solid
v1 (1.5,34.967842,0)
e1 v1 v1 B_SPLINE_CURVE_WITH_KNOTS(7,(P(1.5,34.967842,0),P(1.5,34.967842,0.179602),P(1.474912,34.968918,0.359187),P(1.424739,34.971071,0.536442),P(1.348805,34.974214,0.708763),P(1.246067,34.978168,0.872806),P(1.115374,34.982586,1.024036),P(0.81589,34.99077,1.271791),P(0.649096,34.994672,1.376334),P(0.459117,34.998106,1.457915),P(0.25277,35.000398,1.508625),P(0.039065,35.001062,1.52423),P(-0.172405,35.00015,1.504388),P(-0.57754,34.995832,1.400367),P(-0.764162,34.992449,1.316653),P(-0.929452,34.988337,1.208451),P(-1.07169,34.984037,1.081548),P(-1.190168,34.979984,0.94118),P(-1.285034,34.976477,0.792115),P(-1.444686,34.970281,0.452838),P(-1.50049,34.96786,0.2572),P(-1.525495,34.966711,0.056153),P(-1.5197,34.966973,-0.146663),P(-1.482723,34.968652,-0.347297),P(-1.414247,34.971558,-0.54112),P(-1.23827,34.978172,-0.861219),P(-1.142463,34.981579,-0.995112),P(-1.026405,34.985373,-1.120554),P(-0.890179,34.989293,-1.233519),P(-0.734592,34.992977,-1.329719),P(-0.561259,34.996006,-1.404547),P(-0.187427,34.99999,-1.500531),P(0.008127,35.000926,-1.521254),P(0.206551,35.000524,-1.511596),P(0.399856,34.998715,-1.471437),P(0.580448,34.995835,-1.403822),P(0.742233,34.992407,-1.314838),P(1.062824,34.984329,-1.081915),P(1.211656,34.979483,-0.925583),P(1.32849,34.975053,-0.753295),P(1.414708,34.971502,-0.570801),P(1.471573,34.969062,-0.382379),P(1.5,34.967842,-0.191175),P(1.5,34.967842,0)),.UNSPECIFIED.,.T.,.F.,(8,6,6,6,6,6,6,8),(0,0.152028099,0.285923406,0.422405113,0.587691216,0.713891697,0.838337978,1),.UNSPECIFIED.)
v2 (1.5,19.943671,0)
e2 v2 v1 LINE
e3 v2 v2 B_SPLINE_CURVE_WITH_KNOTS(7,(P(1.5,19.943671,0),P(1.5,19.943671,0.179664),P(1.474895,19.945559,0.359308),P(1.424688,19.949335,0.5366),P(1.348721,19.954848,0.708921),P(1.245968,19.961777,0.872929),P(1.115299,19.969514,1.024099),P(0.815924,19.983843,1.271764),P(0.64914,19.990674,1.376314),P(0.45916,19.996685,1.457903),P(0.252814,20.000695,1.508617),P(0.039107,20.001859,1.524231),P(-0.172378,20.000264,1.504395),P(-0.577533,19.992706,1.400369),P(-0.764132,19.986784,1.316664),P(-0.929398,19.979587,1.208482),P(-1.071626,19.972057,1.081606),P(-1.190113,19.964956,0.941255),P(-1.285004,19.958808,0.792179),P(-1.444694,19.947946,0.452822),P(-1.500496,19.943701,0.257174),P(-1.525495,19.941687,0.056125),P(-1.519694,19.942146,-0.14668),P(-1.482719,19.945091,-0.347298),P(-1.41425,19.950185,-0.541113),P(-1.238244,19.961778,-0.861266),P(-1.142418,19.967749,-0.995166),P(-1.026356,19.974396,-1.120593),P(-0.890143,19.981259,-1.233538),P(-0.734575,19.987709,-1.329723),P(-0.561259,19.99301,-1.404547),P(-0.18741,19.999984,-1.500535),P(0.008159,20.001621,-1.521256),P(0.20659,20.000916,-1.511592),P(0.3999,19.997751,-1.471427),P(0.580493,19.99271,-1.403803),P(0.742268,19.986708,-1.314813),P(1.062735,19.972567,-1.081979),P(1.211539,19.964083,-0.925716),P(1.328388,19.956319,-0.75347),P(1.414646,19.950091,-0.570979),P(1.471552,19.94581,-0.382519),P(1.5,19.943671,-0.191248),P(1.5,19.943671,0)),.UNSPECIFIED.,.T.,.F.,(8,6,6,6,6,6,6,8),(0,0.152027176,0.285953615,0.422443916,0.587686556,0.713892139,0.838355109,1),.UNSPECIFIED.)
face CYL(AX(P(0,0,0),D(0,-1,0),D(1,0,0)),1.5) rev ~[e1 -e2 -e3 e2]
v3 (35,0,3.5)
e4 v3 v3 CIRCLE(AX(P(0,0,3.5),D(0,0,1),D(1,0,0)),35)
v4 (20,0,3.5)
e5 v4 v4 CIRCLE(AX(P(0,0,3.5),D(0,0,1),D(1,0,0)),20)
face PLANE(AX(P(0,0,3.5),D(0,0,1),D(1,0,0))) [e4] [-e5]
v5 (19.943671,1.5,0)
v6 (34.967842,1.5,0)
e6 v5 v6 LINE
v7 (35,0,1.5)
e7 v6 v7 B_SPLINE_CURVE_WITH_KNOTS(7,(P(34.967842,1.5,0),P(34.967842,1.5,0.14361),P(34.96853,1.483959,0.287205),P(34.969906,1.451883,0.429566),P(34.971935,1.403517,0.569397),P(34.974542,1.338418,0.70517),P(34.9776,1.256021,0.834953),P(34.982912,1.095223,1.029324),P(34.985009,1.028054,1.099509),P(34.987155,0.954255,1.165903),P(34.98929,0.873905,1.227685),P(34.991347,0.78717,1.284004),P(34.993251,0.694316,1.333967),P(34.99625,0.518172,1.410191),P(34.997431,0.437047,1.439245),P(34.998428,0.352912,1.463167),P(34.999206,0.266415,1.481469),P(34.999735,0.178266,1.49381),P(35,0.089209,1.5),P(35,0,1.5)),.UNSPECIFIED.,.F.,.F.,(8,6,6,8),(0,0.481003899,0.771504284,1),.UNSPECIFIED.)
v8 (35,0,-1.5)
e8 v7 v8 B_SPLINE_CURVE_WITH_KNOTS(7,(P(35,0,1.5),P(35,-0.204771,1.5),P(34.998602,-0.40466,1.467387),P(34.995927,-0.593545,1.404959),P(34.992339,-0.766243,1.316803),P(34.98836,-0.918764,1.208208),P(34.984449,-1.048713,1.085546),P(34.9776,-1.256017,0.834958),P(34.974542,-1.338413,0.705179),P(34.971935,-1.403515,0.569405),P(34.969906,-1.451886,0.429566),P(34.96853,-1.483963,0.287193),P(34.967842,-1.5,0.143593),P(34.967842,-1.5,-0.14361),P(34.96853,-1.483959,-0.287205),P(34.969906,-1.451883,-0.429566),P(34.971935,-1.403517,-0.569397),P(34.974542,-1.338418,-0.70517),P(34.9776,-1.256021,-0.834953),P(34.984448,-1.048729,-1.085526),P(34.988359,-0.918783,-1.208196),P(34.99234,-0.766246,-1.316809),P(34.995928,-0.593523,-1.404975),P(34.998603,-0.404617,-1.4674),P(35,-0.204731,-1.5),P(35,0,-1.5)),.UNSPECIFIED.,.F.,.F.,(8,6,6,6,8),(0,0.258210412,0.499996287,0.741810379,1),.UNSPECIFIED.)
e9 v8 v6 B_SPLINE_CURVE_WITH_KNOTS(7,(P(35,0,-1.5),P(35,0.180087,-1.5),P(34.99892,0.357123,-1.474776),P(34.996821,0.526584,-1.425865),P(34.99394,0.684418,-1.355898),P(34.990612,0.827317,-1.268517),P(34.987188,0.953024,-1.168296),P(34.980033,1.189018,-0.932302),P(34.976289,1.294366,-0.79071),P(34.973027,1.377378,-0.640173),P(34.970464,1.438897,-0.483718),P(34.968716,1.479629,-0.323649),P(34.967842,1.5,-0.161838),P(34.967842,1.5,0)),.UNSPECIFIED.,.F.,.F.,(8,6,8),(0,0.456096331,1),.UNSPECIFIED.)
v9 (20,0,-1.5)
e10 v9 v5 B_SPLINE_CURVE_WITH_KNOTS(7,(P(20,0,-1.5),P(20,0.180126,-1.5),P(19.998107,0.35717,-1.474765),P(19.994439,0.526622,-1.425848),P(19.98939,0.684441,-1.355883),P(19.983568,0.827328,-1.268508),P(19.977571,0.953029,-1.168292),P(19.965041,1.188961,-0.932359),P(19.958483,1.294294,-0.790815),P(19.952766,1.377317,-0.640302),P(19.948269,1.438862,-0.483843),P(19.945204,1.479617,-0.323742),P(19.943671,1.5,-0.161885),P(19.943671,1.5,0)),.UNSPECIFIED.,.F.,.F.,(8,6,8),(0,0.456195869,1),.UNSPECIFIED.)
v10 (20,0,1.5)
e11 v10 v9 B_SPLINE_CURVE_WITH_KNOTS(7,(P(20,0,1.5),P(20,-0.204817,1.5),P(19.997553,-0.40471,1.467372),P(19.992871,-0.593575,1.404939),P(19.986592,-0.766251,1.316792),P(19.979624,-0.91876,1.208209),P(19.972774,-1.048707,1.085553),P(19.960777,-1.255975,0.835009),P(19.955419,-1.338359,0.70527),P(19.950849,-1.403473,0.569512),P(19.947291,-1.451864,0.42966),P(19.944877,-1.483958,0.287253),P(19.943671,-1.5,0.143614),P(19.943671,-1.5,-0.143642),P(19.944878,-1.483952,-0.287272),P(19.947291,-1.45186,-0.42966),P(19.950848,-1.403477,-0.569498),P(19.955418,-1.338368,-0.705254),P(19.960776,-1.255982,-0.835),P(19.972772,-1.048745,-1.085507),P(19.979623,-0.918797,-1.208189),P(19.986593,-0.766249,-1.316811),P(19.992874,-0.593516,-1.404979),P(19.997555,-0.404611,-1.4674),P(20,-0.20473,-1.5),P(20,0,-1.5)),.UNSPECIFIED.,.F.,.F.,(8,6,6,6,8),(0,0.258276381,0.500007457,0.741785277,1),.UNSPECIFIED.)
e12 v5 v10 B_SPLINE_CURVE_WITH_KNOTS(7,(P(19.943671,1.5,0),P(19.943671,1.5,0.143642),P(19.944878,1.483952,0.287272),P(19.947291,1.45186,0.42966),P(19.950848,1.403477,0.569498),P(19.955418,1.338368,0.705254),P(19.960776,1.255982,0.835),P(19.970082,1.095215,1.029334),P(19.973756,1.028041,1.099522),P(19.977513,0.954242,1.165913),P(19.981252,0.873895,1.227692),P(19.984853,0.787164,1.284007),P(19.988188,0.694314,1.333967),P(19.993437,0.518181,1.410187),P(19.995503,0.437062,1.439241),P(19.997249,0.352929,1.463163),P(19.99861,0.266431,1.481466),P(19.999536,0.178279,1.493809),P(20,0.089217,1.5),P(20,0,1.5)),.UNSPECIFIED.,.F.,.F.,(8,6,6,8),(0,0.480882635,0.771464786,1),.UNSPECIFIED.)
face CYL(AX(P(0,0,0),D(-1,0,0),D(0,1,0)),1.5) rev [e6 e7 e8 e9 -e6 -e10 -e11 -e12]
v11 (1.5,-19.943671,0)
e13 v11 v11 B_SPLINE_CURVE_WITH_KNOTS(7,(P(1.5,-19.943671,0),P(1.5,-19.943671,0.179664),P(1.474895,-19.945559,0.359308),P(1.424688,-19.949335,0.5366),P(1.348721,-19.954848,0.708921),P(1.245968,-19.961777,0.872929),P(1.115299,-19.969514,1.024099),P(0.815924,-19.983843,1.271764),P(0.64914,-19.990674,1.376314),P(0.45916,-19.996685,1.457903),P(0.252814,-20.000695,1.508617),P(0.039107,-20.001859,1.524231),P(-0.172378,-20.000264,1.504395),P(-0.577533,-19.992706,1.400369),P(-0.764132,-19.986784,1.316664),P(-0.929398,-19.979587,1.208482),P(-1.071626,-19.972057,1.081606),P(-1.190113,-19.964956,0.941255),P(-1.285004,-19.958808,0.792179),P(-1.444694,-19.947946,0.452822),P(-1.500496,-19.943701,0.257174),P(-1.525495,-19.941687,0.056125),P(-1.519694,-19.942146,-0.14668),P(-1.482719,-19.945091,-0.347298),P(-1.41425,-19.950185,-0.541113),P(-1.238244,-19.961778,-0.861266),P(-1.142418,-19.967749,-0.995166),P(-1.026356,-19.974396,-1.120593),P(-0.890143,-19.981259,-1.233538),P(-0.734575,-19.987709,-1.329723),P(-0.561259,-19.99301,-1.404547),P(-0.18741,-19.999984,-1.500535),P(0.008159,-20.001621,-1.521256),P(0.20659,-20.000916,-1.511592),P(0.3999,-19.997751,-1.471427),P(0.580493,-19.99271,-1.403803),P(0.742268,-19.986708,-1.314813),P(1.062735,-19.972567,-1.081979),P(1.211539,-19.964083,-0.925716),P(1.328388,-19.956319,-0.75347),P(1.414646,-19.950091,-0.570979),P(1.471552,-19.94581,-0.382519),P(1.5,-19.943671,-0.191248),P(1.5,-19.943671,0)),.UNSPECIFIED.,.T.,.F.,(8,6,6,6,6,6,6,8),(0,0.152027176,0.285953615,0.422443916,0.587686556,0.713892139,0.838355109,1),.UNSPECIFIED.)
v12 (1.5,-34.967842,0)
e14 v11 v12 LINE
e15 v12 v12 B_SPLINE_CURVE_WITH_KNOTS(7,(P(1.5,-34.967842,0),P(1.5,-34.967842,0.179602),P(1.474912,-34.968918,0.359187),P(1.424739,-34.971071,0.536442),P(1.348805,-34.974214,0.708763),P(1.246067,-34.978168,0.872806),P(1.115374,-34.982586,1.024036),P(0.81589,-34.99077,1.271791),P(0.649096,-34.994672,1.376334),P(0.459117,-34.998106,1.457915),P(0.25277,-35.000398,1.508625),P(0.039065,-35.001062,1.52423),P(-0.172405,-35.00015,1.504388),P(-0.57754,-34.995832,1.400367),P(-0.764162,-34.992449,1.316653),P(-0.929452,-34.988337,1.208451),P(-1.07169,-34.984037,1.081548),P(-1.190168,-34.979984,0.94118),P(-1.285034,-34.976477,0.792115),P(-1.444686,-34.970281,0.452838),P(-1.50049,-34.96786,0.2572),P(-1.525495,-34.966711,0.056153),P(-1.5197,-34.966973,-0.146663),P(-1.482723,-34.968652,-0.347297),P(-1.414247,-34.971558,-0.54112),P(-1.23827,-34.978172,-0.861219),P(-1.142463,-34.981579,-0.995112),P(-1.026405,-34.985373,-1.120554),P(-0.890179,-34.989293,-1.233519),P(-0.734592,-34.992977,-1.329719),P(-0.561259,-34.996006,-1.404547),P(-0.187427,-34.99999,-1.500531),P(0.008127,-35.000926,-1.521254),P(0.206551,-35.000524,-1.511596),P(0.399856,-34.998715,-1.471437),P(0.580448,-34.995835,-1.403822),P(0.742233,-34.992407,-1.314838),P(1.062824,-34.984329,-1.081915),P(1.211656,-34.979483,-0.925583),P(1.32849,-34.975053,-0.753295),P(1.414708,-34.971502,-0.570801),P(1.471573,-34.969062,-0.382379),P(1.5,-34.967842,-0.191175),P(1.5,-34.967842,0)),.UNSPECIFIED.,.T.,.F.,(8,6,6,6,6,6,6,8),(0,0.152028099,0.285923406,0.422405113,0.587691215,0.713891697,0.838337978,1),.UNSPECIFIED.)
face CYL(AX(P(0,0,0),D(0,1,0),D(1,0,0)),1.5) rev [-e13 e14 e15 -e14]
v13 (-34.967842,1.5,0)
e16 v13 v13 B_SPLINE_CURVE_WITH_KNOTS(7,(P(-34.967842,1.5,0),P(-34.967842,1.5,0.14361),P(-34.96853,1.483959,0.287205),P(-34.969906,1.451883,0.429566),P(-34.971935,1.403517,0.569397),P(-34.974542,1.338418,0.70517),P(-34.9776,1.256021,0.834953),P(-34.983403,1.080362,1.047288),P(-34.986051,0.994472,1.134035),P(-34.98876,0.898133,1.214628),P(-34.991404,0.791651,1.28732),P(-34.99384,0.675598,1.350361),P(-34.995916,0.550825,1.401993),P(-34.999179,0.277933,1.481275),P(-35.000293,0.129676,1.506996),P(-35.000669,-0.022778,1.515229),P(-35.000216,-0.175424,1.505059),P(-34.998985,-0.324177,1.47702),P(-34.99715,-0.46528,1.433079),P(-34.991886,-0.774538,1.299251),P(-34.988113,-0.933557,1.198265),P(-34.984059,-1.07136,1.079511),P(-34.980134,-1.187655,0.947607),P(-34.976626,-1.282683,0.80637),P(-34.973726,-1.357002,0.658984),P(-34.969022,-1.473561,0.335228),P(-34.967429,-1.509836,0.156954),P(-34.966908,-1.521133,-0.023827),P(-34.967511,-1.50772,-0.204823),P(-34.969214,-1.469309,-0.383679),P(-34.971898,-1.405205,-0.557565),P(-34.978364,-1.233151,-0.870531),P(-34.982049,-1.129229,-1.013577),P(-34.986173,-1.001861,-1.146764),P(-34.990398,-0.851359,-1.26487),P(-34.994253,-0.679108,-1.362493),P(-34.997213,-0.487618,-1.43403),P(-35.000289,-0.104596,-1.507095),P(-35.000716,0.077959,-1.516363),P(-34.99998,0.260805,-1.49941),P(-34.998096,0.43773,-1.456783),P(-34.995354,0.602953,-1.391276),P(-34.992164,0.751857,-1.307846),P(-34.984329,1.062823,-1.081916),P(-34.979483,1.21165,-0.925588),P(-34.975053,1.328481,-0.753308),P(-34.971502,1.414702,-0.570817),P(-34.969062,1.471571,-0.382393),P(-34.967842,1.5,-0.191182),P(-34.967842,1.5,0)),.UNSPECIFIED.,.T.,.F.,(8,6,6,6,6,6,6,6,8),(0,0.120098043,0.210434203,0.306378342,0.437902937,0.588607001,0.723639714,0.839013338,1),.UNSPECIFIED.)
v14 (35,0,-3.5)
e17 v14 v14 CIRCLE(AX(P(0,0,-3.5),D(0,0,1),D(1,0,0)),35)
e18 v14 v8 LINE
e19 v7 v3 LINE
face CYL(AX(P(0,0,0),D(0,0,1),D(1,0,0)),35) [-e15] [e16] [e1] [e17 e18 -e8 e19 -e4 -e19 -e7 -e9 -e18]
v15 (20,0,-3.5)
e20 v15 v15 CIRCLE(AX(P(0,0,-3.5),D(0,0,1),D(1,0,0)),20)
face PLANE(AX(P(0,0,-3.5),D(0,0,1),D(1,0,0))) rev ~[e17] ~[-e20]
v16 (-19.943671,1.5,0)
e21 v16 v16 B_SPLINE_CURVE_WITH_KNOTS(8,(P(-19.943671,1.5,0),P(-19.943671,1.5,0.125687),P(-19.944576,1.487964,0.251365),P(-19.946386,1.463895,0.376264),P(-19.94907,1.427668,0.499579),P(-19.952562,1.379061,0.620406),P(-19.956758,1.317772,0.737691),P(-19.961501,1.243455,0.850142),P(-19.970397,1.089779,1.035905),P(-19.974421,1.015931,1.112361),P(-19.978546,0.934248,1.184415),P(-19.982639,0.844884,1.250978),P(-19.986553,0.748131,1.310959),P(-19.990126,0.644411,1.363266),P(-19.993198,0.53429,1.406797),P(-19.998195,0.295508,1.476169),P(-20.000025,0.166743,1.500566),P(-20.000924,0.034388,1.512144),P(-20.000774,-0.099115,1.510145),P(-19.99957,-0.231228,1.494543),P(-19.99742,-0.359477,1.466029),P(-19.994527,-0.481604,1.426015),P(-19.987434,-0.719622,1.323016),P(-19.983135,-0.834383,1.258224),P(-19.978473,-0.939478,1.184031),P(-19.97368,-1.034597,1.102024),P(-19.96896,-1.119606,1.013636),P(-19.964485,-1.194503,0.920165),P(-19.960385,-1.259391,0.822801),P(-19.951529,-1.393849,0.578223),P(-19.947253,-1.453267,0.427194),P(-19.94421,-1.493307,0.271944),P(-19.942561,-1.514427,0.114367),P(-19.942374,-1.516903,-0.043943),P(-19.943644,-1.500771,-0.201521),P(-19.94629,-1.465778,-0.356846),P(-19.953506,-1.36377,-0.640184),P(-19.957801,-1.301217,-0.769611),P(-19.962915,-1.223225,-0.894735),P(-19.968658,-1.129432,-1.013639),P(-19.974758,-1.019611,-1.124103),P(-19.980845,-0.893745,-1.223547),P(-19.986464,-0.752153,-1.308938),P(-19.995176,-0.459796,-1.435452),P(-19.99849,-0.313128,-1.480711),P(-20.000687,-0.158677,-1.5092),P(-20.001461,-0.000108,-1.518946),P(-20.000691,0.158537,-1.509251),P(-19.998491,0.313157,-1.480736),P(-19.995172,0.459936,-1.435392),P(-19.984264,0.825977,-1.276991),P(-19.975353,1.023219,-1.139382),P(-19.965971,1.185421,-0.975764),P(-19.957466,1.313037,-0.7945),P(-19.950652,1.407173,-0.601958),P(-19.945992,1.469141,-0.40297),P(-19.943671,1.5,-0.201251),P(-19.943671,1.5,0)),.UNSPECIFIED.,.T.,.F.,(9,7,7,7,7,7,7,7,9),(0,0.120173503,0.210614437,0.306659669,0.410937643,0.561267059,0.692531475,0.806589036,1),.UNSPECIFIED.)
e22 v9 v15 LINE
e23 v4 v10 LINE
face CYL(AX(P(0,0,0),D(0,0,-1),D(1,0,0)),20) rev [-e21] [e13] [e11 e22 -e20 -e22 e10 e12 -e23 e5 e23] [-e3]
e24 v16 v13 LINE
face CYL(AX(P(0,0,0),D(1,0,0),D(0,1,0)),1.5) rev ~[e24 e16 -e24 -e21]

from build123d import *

# Parameters (mm, degrees)
F0_R          = 35
F0_R_2        = 20
F1_DEPTH      = 3.5
F2_R          = 1.5
F4_DEPTH      = 35.001
F4_DEPTH_BACK = 35.001
F3_R          = 1.5
F5_DEPTH      = 35.0010001
F5_DEPTH_BACK = 35.0010001


with BuildPart() as f1:
    # F0 (on Top) → F1 (new body, symmetric)
    with BuildSketch(Plane.XY):
        Circle(F0_R)
        Circle(F0_R_2, mode=Mode.SUBTRACT)
    extrude(amount=F1_DEPTH, both=True)

    # F2 (on Right) → F4 (cut, two sides)
    with BuildSketch(Plane.YZ) as f4_sk:
        Circle(F2_R)
    extrude(amount=-F4_DEPTH, mode=Mode.SUBTRACT)
    extrude(f4_sk.sketch, amount=F4_DEPTH_BACK, mode=Mode.SUBTRACT)

    # F3 (on Front) → F5 (cut, two sides)
    with BuildSketch(Plane.XZ) as f5_sk:
        Circle(F3_R)
    extrude(amount=-F5_DEPTH, mode=Mode.SUBTRACT)
    extrude(f5_sk.sketch, amount=F5_DEPTH_BACK, mode=Mode.SUBTRACT)


solid = f1.part
